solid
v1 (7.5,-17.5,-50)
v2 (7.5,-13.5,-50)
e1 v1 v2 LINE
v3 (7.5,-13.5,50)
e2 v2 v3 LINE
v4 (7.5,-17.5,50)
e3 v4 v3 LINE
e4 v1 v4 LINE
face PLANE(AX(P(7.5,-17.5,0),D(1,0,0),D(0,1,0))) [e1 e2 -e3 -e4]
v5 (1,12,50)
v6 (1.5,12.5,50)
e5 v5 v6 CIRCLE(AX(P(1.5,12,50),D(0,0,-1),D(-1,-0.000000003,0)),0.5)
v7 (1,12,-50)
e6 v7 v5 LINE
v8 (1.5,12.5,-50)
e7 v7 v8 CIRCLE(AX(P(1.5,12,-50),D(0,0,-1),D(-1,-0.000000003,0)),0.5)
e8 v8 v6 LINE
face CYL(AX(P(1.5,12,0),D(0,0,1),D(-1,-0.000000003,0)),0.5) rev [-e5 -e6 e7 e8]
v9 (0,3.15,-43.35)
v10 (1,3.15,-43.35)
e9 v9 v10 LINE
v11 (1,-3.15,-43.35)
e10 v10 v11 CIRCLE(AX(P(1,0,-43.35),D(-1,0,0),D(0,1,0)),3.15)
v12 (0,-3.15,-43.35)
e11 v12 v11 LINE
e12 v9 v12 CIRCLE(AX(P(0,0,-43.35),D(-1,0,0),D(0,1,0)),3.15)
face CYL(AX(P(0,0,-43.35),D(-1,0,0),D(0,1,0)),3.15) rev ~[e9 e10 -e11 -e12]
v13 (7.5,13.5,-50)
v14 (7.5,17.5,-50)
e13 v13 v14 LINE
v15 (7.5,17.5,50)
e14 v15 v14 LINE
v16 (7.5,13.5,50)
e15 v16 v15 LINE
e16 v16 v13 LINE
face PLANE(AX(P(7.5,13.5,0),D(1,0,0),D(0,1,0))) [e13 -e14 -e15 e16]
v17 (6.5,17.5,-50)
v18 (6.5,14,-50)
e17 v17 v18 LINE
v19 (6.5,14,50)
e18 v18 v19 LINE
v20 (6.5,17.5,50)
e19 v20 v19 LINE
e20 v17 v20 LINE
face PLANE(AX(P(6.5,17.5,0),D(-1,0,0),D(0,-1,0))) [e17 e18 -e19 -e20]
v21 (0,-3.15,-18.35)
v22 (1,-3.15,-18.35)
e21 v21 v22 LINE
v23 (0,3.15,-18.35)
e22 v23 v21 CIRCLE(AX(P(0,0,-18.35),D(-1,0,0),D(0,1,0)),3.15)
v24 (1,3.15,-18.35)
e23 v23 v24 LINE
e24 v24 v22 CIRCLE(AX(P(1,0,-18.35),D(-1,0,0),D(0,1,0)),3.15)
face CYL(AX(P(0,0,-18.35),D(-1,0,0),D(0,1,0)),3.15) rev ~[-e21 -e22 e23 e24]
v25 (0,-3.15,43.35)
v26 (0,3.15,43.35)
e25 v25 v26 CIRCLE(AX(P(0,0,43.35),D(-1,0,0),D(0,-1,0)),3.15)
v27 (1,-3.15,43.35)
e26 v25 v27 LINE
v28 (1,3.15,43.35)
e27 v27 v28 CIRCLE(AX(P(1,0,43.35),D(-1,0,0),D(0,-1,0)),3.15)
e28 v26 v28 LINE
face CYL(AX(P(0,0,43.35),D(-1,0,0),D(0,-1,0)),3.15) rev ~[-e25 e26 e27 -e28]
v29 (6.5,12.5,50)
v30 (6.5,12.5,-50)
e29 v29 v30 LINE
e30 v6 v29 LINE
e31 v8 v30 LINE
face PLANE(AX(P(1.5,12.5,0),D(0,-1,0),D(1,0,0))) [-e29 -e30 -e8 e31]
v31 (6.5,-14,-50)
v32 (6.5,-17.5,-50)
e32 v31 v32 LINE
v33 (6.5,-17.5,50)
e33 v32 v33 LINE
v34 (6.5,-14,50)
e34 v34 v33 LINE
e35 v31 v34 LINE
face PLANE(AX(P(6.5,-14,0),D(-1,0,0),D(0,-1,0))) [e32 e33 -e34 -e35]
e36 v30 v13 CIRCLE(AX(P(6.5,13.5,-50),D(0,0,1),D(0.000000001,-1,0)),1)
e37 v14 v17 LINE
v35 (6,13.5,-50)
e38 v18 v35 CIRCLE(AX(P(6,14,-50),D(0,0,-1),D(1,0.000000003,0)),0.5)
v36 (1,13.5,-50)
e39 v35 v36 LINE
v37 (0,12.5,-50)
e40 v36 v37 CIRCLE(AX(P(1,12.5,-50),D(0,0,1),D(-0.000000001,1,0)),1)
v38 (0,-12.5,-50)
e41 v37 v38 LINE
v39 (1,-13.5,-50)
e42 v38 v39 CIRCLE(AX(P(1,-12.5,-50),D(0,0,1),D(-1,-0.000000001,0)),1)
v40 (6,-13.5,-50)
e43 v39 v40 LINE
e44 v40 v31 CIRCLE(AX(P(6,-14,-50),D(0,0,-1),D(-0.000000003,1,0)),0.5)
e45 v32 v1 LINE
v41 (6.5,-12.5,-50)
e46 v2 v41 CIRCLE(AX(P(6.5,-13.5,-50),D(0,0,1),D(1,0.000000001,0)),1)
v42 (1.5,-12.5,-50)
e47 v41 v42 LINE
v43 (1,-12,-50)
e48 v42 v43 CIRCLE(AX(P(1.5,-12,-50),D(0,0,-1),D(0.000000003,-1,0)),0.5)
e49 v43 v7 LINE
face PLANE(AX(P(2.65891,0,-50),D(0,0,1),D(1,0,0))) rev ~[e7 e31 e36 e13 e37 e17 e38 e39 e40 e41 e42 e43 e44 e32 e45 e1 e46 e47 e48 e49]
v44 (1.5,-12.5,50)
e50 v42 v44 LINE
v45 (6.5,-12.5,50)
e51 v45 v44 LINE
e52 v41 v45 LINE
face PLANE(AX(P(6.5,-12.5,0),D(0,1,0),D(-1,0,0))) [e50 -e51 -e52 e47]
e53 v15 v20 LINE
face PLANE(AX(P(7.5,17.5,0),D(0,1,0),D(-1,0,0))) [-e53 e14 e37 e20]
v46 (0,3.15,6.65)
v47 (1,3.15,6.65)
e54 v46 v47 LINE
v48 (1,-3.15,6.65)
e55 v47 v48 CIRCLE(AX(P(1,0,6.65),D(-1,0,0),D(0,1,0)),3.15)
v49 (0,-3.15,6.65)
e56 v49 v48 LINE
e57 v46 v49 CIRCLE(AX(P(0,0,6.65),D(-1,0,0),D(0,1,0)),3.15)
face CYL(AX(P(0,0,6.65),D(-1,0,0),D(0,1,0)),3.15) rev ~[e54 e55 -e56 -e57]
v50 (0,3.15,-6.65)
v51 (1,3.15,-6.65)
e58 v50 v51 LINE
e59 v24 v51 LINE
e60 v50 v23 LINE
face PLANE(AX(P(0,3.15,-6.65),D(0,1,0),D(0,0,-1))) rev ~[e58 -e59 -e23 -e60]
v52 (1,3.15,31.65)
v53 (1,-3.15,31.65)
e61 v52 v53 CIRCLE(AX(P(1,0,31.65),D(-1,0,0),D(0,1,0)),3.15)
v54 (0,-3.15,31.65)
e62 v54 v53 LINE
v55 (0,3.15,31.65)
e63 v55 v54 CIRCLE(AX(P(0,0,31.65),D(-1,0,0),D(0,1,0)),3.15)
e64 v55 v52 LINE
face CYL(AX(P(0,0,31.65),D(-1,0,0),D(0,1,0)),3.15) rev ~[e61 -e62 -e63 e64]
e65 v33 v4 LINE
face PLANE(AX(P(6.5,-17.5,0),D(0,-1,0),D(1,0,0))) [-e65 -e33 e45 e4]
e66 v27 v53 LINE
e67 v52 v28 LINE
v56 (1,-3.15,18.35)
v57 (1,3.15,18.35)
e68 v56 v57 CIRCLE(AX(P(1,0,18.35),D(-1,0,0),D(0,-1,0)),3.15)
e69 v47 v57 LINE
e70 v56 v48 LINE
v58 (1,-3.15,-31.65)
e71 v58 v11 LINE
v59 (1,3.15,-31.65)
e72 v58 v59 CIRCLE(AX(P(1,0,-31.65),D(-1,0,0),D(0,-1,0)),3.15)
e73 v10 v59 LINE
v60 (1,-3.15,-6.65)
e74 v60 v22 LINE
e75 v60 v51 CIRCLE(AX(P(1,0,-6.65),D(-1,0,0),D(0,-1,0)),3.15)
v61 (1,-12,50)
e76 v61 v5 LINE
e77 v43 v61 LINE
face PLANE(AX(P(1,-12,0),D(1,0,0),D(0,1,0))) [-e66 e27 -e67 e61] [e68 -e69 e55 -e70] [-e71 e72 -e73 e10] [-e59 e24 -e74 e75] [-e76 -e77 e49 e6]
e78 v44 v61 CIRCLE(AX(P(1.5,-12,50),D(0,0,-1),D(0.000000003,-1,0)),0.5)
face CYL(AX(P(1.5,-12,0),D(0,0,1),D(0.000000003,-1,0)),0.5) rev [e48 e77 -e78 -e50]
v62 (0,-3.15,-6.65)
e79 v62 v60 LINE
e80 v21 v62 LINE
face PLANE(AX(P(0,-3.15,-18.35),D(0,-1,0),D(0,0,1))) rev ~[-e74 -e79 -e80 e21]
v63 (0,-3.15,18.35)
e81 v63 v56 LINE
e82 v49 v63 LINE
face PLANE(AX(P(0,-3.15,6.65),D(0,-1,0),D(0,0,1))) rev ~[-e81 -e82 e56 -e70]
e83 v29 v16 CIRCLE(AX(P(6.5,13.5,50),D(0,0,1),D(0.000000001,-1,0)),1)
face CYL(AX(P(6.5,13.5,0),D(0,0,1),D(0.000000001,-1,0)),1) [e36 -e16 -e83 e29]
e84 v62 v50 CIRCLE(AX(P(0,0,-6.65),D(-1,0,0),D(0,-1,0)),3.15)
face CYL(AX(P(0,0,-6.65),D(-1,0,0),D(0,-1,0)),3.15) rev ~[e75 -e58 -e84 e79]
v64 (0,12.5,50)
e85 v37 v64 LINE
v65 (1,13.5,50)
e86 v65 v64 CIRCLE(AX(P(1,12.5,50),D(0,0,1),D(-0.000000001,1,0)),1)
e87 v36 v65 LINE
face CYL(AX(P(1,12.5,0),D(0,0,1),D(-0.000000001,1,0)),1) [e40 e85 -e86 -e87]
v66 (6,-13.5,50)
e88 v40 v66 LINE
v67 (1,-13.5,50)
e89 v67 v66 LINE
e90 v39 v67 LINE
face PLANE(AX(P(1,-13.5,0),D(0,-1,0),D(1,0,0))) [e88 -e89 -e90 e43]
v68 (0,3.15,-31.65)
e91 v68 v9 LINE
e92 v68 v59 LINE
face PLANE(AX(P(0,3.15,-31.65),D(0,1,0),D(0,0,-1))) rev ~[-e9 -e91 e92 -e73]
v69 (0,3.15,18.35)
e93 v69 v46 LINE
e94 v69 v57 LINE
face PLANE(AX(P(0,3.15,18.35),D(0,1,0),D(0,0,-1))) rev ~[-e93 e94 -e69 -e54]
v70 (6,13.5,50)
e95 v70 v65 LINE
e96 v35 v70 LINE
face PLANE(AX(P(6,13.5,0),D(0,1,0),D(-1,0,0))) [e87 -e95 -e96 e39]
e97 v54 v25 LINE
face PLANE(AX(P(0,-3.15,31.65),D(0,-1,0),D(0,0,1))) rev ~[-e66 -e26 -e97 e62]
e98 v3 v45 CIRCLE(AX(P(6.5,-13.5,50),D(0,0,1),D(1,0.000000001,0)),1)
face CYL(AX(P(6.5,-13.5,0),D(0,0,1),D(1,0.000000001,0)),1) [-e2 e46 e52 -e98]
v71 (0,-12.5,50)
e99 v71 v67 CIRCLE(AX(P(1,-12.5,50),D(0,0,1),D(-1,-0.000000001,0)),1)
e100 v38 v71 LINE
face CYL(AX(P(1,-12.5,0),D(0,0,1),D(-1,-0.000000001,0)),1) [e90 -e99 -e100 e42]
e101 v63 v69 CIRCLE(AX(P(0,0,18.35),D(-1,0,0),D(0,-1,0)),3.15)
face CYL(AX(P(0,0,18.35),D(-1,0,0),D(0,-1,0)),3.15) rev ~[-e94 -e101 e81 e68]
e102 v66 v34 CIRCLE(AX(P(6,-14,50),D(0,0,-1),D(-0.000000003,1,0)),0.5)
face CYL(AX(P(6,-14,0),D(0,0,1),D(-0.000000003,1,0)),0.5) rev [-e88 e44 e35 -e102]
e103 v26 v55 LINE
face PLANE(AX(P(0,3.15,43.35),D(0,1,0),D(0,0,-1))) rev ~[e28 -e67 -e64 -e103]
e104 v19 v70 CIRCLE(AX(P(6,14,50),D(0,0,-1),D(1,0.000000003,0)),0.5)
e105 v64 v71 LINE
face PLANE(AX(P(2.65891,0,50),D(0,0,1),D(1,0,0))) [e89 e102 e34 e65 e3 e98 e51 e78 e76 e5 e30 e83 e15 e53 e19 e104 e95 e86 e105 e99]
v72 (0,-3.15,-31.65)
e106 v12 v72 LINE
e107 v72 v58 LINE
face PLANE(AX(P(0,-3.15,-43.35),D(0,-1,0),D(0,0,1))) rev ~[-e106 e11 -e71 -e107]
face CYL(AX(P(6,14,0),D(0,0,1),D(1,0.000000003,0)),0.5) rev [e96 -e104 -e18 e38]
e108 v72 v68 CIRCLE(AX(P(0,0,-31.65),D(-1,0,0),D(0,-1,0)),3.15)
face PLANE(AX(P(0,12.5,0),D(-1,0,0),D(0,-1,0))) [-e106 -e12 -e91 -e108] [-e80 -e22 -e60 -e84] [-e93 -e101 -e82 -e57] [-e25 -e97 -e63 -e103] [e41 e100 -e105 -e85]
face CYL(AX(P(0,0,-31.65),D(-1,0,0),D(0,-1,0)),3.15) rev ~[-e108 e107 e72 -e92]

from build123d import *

# Parameters (mm, degrees)
BOSS_EXTRUDE1_DEPTH = 50
CUT_EXTRUDE1_DEPTH  = 7.5
LPATTERN1_COUNT     = 4
LPATTERN1_PITCH     = 25


with BuildPart() as part:
    # Sketch1 → Boss-Extrude1 (new, symmetric)
    with BuildSketch(Plane.XY):
        with BuildLine():
            Line((7.5, 17.5), (6.5, 17.5))
            Line((6.5, 17.5), (6.5, 14))
            ThreePointArc((6.5, 14), (6.353553391, 13.646446609), (6, 13.5))
            Line((6, 13.5), (1, 13.5))
            ThreePointArc((1, 13.5), (0.292893219, 13.207106781), (0, 12.5))
            Line((0, 12.5), (0, -12.5))
            ThreePointArc((0, -12.5), (0.292893219, -13.207106781), (1, -13.5))
            Line((1, -13.5), (6, -13.5))
            ThreePointArc((6, -13.5), (6.353553391, -13.646446609), (6.5, -14))
            Line((6.5, -14), (6.5, -17.5))
            Line((6.5, -17.5), (7.5, -17.5))
            Line((7.5, -17.5), (7.5, -13.5))
            ThreePointArc((7.5, -13.5), (7.207106781, -12.792893219), (6.5, -12.5))
            Line((6.5, -12.5), (1.5, -12.5))
            ThreePointArc((1.5, -12.5), (1.146446609, -12.353553391), (1, -12))
            Line((1, -12), (1, 12))
            ThreePointArc((1, 12), (1.146446609, 12.353553391), (1.5, 12.5))
            Line((1.5, 12.5), (6.5, 12.5))
            ThreePointArc((6.5, 12.5), (7.207106781, 12.792893219), (7.5, 13.5))
            Line((7.5, 13.5), (7.5, 17.5))
        make_face()
    extrude(amount=BOSS_EXTRUDE1_DEPTH, both=True)

    # Sketch2 → Cut-Extrude1 (cut)
    with BuildSketch(Plane(origin=(0, 0, 0), x_dir=(0, 0, -1), z_dir=(1, 0, 0))):
        with BuildLine():
            Line((-43.35, 3.15), (-31.65, 3.15))
            ThreePointArc((-31.65, 3.15), (-28.5, 0), (-31.65, -3.15))
            Line((-31.65, -3.15), (-43.35, -3.15))
            ThreePointArc((-43.35, -3.15), (-46.5, 0), (-43.35, 3.15))
        make_face()
    cut_extrude1 = extrude(amount=CUT_EXTRUDE1_DEPTH, mode=Mode.SUBTRACT)

    # LPattern1: Cut-Extrude1 ×4
    with Locations(*[(0, 0, -i * LPATTERN1_PITCH) for i in range(1, LPATTERN1_COUNT)]):
        add(cut_extrude1, mode=Mode.SUBTRACT)


solid = part.part
